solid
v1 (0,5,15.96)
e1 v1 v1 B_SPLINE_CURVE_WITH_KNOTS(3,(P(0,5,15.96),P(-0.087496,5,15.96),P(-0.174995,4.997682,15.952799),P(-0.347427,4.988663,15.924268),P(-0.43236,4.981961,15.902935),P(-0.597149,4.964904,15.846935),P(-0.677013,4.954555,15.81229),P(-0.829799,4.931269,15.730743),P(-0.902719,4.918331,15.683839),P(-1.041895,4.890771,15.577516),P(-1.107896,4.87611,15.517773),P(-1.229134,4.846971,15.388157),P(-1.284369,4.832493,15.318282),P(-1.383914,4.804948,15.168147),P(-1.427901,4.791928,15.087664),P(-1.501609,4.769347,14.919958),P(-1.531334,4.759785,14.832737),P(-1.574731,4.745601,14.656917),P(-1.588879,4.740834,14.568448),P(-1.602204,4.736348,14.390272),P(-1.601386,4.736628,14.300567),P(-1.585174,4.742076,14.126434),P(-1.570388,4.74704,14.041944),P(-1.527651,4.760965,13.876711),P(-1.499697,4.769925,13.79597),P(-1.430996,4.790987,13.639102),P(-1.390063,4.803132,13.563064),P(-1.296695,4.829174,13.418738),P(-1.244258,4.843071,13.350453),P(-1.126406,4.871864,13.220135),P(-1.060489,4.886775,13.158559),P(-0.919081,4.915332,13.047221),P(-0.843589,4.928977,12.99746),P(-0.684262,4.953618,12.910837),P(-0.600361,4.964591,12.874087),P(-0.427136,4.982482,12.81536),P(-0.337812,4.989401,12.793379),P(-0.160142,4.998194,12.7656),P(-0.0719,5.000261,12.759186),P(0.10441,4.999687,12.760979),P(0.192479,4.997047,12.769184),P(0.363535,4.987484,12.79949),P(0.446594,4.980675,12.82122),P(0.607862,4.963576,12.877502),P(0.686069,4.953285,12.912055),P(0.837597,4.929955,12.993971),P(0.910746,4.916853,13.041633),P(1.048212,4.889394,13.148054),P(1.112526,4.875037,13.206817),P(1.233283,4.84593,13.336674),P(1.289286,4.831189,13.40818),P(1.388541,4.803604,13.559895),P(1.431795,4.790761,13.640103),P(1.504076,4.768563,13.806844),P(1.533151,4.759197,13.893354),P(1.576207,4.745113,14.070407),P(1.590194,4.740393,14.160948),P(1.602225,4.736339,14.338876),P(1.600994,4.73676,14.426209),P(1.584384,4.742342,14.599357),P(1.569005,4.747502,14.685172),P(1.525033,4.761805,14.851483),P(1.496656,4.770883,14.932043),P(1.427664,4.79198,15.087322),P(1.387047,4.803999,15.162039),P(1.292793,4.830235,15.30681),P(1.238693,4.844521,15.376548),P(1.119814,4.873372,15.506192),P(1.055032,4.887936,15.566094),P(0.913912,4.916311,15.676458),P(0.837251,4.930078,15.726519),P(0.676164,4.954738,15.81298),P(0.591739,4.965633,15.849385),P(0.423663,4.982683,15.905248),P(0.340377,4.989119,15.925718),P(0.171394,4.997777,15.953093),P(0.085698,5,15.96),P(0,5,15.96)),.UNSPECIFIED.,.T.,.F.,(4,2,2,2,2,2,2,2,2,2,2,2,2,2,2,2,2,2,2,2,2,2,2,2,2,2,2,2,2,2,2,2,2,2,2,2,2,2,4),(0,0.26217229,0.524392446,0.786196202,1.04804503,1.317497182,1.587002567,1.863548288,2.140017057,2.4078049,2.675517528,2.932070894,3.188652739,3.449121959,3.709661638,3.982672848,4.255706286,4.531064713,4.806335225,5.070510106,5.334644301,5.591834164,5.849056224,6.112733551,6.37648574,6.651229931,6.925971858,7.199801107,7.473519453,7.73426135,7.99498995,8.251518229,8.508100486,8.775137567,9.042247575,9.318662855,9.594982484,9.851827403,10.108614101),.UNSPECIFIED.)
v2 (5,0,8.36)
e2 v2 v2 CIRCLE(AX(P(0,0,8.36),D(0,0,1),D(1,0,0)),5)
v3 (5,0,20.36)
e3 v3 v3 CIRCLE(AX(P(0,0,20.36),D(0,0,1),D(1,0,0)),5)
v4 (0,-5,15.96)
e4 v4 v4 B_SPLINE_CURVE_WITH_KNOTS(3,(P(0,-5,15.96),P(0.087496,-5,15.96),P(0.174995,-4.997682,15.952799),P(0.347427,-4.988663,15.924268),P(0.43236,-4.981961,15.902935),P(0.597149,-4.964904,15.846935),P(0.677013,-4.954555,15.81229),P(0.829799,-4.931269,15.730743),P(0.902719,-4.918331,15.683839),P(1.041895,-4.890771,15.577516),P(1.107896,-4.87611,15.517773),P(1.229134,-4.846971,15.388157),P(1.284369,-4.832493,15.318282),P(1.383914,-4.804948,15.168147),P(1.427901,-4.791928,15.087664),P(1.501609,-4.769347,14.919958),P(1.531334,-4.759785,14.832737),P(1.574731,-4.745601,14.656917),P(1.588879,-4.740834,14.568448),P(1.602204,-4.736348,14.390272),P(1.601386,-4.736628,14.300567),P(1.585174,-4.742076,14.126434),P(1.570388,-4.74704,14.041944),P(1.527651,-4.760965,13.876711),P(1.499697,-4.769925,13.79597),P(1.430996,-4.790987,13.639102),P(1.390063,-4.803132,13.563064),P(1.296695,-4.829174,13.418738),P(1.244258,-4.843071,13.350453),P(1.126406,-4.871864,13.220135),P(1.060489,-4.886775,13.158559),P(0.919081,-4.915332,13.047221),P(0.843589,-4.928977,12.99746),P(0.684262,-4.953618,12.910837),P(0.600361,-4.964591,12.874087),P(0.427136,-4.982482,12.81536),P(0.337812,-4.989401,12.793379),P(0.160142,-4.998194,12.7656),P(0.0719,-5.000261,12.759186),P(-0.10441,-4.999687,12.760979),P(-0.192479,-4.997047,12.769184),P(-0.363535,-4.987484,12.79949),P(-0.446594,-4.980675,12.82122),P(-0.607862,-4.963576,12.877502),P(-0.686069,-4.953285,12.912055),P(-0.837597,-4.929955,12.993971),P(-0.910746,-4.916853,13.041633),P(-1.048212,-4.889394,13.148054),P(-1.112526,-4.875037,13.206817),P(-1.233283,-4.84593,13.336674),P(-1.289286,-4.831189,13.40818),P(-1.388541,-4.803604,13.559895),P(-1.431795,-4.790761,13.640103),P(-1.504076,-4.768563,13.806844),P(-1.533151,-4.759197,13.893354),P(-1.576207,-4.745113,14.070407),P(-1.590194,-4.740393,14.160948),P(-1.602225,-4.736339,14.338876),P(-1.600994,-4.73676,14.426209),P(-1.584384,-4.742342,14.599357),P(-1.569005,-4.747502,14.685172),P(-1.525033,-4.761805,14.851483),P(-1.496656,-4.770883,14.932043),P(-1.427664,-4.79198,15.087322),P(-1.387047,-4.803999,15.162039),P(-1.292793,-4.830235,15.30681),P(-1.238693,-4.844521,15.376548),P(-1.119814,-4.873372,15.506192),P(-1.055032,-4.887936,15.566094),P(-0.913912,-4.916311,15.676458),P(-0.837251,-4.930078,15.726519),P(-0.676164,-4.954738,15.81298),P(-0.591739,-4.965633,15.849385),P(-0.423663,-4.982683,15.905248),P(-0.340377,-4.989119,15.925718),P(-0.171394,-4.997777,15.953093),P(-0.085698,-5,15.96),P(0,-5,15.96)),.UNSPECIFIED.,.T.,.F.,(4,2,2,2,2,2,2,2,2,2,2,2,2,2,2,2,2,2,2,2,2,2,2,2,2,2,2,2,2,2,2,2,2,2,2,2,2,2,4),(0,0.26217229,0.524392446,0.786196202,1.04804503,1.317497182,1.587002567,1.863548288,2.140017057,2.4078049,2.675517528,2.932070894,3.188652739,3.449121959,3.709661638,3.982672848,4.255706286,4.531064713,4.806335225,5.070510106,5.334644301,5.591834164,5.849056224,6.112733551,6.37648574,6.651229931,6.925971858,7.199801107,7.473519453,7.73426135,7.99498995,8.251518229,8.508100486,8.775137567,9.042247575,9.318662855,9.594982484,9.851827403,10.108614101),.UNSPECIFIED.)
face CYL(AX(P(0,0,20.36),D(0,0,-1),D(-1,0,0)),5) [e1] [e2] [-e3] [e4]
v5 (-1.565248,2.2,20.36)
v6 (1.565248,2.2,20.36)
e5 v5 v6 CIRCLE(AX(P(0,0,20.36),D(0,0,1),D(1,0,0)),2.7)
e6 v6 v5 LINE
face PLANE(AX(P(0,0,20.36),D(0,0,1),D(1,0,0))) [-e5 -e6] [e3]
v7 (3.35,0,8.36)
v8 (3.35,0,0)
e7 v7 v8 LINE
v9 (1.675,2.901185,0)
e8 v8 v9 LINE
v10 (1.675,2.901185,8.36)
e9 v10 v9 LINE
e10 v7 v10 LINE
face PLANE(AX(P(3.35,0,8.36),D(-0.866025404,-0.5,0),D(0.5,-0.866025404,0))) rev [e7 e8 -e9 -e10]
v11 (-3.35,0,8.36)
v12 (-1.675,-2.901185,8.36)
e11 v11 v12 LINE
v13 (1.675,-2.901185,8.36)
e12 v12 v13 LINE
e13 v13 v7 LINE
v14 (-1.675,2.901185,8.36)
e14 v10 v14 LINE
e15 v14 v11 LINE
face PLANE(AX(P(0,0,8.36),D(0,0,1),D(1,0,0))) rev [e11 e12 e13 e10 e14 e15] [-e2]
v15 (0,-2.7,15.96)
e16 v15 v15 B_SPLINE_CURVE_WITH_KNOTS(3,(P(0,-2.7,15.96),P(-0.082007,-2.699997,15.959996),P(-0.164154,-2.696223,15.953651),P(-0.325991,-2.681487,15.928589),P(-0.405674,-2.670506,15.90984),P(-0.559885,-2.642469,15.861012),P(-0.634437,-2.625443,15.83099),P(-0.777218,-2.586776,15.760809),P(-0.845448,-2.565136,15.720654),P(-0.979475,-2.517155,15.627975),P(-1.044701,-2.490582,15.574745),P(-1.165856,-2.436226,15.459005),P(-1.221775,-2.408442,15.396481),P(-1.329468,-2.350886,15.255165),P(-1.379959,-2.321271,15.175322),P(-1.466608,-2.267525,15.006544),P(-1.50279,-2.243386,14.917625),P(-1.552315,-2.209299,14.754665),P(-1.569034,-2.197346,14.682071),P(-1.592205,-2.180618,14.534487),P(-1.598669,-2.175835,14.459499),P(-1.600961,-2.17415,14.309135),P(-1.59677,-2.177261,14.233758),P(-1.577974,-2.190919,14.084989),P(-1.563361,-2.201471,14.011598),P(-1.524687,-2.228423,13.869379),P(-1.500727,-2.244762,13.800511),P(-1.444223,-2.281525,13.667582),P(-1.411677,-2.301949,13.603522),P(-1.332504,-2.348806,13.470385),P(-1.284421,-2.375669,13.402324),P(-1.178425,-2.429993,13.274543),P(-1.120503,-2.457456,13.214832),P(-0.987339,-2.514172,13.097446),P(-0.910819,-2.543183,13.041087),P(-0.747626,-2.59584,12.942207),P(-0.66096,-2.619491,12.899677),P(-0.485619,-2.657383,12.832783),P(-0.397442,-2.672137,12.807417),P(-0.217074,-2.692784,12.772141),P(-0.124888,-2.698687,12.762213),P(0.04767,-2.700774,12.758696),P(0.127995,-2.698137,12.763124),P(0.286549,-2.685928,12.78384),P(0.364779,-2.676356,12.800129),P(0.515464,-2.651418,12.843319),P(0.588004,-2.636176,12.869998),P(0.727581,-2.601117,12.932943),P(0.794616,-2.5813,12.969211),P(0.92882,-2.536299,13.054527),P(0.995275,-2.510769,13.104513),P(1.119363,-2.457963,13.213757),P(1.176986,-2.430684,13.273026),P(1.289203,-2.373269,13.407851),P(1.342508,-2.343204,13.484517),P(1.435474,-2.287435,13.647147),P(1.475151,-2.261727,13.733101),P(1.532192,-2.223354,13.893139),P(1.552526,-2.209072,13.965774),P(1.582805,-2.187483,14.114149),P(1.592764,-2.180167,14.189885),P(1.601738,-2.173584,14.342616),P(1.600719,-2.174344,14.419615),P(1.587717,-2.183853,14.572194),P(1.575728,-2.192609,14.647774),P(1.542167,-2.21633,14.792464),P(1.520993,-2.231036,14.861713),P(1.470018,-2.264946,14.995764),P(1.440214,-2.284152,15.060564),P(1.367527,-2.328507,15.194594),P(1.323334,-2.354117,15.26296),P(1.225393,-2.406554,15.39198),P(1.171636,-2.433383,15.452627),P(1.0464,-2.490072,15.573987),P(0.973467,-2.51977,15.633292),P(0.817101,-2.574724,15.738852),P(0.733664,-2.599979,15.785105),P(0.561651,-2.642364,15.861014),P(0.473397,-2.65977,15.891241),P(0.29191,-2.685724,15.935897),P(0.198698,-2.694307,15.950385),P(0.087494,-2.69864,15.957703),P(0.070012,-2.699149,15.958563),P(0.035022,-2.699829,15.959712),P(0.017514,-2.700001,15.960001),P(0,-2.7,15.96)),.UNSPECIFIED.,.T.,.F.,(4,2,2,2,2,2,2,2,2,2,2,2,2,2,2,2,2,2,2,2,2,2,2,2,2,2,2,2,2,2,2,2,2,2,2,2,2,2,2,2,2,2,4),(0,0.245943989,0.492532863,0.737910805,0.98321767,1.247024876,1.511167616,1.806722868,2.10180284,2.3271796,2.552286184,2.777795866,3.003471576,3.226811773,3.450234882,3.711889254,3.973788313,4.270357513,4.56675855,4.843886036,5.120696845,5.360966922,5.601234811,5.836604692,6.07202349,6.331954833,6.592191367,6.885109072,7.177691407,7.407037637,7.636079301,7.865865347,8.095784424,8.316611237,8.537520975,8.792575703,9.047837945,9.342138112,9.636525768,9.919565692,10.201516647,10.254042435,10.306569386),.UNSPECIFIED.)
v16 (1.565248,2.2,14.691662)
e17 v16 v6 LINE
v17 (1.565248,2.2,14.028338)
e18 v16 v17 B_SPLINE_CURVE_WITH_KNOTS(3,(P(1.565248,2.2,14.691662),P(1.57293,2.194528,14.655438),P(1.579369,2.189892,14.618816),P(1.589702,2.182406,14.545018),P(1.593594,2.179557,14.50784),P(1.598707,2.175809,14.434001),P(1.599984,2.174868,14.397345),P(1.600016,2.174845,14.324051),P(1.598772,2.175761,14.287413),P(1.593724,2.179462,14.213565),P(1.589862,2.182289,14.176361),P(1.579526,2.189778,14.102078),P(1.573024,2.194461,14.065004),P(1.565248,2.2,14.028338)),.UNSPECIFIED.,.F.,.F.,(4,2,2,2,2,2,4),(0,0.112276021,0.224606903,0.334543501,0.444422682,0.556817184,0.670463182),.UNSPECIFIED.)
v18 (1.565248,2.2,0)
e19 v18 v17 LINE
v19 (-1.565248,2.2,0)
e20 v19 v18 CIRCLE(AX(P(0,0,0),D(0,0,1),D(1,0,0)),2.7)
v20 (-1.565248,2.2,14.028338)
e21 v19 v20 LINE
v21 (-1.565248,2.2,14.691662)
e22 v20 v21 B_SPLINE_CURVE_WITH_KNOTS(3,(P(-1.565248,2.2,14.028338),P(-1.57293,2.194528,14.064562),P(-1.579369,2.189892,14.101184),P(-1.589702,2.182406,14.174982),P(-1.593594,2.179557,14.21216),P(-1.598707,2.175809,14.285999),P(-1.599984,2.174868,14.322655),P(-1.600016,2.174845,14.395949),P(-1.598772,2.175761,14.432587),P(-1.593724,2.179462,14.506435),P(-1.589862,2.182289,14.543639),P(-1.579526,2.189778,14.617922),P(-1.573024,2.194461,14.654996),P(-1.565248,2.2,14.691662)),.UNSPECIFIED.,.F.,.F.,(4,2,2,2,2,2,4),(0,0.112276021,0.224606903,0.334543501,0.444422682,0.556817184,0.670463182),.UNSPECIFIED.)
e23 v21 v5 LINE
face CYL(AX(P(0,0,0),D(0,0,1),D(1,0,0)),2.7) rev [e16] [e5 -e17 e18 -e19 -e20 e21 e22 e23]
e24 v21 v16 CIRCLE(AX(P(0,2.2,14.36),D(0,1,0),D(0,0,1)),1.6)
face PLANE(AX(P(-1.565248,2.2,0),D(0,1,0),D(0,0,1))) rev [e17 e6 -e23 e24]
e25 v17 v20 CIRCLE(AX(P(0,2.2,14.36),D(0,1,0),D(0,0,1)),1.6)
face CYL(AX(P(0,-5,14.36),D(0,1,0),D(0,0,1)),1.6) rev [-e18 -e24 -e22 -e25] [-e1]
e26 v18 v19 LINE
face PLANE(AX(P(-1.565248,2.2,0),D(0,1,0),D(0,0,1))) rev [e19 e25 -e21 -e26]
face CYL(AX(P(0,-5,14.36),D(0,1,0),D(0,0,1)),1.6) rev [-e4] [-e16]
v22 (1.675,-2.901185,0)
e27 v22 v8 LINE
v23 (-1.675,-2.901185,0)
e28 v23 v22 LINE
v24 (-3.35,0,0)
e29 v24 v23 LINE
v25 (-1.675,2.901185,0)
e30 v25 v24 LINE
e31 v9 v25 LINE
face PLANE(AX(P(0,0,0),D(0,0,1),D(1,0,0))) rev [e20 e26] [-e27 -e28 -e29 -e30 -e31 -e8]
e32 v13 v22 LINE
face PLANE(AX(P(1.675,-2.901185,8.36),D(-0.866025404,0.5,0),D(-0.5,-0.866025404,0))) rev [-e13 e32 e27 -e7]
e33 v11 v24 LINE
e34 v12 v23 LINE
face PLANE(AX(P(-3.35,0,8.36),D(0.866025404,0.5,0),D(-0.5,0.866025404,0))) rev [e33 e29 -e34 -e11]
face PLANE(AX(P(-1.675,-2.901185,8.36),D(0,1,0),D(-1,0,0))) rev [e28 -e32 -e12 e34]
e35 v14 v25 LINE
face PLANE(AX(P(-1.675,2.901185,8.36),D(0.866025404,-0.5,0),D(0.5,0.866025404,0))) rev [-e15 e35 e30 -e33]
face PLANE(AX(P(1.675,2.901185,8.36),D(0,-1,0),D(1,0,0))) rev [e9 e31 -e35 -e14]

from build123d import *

# Parameters (mm, degrees)
BOSS_EXTRUDE1_DEPTH     = 8.36
SKETCH3_R               = 5
BOSS_EXTRUDE2_DEPTH     = 12
CUT_EXTRUDE2_DEPTH      = 22.552948754
CUT_EXTRUDE2_DEPTH_BACK = 22.552948754
CUT_EXTRUDE3_DEPTH      = 22.552948754
CUT_EXTRUDE3_DEPTH_BACK = 22.552948754
SKETCH5_R               = 1.6


with BuildPart() as part:
    # Sketch1 → Boss-Extrude1 (new body)
    with BuildSketch(Plane.XY):
        Polygon((-1.675, 2.901185103), (-3.35, 0), (-1.675, -2.901185103), (1.675, -2.901185103), (3.35, 0), (1.675, 2.901185103), align=None)
    extrude(amount=BOSS_EXTRUDE1_DEPTH)

    # Sketch3 → Boss-Extrude2 (add)
    with BuildSketch(Plane.XY.offset(8.36)):
        Circle(SKETCH3_R)
    extrude(amount=BOSS_EXTRUDE2_DEPTH)

    # Sketch4 → Cut-Extrude2 (cut, two sides: drawn at the far end of the back side and taken through both)
    with BuildSketch(Plane.XY.offset(20.36).offset(-CUT_EXTRUDE2_DEPTH_BACK)):
        with BuildLine():
            Line((-1.565247584, 2.2), (1.565247584, 2.2))
            ThreePointArc((1.565247584, 2.2), (0, -2.7), (-1.565247584, 2.2))
        make_face()
    extrude(amount=CUT_EXTRUDE2_DEPTH + CUT_EXTRUDE2_DEPTH_BACK, mode=Mode.SUBTRACT)

    # Sketch5 → Cut-Extrude3 (cut, two sides: drawn at the far end of the back side and taken through both)
    with BuildSketch(Plane(origin=(0, 0, 0), x_dir=(1, 0, 0), z_dir=(0, 1, 0)).offset(-CUT_EXTRUDE3_DEPTH_BACK)):
        with Locations(Location((0, -14.36, 0), (0, 0, 270))):
            Circle(SKETCH5_R)
    extrude(amount=CUT_EXTRUDE3_DEPTH + CUT_EXTRUDE3_DEPTH_BACK, mode=Mode.SUBTRACT)


solid = part.part
